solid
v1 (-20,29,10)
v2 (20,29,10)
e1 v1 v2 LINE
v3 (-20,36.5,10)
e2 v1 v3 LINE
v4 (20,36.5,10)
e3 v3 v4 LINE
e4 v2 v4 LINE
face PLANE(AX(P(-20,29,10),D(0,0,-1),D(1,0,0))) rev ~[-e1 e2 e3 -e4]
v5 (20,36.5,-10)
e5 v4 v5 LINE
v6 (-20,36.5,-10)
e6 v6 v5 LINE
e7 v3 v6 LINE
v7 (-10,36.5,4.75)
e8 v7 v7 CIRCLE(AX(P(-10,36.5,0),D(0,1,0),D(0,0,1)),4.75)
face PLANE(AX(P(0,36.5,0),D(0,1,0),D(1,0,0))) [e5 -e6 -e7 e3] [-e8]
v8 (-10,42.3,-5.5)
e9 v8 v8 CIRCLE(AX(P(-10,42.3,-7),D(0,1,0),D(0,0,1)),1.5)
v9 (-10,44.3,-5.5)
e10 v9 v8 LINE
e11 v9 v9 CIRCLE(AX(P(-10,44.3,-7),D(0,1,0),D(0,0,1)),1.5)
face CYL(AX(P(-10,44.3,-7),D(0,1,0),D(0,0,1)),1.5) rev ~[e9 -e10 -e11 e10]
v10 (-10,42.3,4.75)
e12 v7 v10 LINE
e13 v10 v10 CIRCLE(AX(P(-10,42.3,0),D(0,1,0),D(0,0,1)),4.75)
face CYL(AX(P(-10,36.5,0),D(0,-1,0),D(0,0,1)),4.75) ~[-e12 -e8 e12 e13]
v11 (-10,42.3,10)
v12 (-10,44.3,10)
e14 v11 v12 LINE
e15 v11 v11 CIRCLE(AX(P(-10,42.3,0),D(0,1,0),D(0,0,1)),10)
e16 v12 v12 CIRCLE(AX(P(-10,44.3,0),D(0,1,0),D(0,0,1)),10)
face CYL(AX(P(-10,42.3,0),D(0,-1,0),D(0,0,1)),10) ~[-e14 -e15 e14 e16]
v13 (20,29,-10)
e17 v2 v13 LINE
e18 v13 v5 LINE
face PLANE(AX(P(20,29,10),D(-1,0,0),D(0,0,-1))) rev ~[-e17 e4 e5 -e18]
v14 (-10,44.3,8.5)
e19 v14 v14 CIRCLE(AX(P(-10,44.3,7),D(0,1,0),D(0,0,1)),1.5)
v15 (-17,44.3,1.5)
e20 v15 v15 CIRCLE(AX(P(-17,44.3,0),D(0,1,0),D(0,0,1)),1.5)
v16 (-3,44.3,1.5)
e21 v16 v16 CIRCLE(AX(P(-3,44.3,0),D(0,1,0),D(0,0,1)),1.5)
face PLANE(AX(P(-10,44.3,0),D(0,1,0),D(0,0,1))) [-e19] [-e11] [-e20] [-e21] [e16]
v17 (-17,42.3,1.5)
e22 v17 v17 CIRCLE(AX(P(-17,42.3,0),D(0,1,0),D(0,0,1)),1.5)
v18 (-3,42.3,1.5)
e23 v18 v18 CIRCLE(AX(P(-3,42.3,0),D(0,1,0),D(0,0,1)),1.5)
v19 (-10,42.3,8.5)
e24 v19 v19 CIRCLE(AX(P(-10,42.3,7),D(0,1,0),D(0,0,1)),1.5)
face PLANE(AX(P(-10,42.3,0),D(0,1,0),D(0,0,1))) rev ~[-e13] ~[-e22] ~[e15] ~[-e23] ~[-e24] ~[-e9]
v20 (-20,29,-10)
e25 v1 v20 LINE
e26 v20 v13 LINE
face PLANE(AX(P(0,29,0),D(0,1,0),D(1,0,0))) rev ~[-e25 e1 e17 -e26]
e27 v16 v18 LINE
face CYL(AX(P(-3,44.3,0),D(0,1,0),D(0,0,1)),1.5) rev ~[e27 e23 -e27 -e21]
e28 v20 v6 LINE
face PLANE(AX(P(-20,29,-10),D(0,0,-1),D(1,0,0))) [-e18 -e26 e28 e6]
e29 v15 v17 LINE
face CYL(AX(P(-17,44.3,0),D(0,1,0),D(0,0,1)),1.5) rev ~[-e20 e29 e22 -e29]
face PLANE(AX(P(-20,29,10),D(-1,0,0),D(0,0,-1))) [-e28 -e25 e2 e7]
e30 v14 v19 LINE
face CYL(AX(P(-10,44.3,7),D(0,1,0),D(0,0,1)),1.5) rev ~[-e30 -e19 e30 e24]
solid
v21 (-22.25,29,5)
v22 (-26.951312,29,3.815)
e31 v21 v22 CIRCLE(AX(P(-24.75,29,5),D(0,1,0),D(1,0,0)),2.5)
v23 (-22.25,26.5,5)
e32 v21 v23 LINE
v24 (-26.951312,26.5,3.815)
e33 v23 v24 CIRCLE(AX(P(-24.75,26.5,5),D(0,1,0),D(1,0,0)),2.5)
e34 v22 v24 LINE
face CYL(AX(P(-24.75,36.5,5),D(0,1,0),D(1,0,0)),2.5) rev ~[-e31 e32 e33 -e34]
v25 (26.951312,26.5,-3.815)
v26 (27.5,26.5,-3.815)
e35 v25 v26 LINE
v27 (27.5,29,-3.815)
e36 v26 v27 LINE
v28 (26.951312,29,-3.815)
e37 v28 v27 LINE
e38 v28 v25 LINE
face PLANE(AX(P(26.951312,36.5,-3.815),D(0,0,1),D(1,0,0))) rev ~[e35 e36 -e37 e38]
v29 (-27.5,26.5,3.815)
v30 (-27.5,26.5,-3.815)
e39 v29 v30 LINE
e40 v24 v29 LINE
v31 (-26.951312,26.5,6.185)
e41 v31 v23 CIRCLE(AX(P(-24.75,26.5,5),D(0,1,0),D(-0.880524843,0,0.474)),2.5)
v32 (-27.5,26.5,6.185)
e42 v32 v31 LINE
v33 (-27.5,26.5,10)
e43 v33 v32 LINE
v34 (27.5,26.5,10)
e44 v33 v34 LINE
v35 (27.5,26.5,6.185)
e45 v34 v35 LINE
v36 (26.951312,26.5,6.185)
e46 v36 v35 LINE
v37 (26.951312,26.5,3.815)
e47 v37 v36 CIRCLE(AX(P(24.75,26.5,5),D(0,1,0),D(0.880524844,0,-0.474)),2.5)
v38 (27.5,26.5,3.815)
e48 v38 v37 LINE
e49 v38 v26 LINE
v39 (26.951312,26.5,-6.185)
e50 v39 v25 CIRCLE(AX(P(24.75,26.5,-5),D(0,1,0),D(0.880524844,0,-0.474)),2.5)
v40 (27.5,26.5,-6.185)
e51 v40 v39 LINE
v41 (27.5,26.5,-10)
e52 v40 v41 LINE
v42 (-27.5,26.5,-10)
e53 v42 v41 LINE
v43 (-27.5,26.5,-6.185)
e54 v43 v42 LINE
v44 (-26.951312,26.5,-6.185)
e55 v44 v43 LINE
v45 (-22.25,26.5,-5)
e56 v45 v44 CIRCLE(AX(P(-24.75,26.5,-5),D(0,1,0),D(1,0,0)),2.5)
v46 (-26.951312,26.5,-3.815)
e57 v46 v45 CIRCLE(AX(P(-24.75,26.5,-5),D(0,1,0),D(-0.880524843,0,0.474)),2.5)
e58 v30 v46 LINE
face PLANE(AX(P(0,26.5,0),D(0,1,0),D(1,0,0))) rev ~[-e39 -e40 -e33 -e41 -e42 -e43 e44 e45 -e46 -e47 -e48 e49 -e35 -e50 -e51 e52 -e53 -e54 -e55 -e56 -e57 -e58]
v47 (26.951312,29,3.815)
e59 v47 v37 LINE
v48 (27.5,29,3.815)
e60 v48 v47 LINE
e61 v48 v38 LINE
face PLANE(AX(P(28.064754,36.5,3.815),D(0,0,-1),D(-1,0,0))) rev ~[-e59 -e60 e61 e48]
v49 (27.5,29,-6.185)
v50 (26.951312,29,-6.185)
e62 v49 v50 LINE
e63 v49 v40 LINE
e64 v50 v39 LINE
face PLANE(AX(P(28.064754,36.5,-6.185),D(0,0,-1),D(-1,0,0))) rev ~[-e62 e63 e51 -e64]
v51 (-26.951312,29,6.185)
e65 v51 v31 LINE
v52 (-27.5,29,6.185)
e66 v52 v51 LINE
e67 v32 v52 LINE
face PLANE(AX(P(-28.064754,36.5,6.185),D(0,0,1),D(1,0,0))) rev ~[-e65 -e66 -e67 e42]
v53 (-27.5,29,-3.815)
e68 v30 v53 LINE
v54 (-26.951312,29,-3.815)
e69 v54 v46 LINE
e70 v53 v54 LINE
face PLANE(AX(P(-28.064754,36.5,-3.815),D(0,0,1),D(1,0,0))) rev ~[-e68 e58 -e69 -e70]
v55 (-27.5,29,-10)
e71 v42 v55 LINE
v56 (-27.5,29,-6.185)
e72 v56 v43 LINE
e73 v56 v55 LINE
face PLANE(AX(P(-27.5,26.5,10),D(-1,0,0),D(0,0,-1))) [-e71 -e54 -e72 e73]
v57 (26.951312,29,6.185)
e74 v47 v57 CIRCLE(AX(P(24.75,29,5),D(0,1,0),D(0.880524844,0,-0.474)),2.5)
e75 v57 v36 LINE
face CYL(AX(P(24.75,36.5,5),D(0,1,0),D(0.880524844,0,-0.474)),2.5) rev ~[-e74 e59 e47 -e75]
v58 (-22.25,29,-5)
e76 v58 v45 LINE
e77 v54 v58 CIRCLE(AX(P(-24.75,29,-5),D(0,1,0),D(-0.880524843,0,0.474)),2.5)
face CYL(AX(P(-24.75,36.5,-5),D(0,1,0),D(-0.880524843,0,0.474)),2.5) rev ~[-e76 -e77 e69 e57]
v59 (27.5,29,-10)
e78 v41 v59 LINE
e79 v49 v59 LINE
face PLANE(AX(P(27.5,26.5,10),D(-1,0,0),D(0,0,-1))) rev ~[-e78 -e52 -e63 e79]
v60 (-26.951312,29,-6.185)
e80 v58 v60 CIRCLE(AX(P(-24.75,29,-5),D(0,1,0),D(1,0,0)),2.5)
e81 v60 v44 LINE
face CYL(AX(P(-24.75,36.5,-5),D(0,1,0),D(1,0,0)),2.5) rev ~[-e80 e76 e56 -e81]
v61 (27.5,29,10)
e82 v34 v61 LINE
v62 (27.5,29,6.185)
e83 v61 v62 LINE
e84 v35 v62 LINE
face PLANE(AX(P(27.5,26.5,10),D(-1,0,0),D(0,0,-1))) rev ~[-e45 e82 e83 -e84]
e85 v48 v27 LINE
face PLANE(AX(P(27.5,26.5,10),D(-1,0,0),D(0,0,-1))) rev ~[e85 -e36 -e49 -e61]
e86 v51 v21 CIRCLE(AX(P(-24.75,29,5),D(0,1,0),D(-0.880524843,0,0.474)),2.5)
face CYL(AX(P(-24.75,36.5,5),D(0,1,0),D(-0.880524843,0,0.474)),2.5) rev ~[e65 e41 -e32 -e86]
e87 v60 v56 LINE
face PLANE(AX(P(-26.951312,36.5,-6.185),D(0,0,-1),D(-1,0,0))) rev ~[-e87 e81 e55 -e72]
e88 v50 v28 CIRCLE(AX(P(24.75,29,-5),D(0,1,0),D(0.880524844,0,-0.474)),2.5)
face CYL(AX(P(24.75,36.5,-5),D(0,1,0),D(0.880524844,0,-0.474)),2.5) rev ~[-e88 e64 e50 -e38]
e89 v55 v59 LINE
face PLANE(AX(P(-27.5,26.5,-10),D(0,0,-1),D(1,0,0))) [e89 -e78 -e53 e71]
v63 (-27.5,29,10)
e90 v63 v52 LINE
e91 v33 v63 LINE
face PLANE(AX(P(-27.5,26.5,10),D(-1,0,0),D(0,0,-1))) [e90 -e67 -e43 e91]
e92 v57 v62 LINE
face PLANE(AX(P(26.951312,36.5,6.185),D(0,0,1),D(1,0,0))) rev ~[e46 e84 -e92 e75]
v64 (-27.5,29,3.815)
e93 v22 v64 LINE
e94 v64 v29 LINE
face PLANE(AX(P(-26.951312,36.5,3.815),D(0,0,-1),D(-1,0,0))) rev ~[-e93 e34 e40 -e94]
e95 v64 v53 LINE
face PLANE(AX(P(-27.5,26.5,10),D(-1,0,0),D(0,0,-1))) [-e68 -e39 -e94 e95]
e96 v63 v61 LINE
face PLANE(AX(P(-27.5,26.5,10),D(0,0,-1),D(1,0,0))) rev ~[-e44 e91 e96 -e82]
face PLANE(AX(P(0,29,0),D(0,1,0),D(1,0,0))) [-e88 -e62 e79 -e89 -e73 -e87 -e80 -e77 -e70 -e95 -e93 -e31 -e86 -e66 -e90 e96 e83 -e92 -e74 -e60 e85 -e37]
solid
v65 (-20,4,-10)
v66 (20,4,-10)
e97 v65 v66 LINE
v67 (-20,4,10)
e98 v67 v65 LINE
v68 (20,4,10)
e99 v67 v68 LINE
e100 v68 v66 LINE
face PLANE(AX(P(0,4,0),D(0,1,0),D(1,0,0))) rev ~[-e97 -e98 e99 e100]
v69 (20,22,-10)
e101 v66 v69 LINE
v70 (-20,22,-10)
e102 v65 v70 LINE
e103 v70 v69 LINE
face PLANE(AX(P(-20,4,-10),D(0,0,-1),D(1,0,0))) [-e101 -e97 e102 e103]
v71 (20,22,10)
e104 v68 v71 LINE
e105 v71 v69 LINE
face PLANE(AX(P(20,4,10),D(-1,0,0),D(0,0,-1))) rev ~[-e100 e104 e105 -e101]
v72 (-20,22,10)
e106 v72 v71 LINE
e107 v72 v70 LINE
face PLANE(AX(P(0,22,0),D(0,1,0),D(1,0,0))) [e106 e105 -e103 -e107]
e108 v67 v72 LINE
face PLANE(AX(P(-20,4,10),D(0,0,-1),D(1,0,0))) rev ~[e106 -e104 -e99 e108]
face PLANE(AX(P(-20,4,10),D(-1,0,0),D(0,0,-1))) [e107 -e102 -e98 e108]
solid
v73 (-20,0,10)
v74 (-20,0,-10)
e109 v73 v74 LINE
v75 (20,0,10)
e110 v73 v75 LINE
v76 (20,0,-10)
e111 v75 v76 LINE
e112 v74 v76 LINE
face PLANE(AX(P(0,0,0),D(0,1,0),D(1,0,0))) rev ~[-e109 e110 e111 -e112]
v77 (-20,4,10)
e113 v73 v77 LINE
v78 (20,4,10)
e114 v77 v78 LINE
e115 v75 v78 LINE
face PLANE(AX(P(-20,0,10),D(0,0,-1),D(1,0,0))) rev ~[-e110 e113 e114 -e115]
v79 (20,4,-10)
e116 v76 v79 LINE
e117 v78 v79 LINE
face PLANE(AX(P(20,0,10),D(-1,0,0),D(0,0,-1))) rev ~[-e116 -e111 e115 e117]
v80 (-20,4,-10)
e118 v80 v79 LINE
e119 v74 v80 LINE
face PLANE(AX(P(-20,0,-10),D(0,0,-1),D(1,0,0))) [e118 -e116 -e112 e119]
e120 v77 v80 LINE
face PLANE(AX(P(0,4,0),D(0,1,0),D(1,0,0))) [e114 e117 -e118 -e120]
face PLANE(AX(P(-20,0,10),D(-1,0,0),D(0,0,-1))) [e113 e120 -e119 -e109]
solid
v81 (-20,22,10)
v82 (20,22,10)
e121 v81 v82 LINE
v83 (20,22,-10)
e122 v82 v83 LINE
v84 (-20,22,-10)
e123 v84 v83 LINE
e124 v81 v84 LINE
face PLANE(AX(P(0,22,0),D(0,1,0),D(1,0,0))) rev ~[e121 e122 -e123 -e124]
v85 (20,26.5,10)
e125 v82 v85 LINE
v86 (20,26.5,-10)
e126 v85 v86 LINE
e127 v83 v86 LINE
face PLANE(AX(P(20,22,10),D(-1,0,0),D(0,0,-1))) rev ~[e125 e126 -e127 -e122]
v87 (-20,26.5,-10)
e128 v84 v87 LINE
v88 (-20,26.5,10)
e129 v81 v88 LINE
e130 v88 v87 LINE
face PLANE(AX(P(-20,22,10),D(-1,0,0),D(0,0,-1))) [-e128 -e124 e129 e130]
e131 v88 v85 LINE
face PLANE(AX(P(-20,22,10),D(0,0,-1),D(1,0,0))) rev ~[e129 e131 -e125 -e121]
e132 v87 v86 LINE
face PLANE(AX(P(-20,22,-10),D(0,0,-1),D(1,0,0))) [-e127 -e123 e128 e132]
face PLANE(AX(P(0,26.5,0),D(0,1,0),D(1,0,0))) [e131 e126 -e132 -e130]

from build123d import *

# Parameters (mm, degrees)
SKETCH_1_W          = 40
SKETCH_1_H          = 20
EXTRUDE_1_DEPTH     = 4
SKETCH_2_W          = 40
SKETCH_2_H          = 20
EXTRUDE_2_DEPTH     = 18
SKETCH_3_W          = 40
SKETCH_3_H          = 20
EXTRUDE_3_DEPTH     = 4.5
SKETCH_4_W          = 55
SKETCH_4_H          = 20
EXTRUDE_4_DEPTH     = 2.5
SKETCH_5_W          = 40
SKETCH_5_H          = 20
EXTRUDE_5_DEPTH     = 7.5
CUT_EXTRUDE_2_DEPTH = 47.781406563
SKETCH_7_R          = 4.75
EXTRUDE_6_DEPTH     = 5.8
SKETCH_9_R          = 10
EXTRUDE_7_DEPTH     = 2
SKETCH_10_R         = 2.75
EXTRUDE_8_DEPTH     = 2.5
SKETCH_11_R         = 1.5
CUT_EXTRUDE_3_DEPTH = 2.8
CUT_EXTRUDE_4_DEPTH = 1
SKETCH_13_R         = 2.75
CUT_EXTRUDE_5_DEPTH = 2.5


with BuildPart() as part:
    # 草图1 → 凸台-拉伸1 (new body)
    with BuildSketch(Plane(origin=(0, 0, 0), x_dir=(1, 0, 0), z_dir=(0, 1, 0))):
        Rectangle(SKETCH_1_W, SKETCH_1_H)
    extrude(amount=EXTRUDE_1_DEPTH)


with BuildPart() as body_2:
    # 草图2 → 凸台-拉伸2 (new body)
    with BuildSketch(Plane(origin=(0, 4, 0), x_dir=(1, 0, 0), z_dir=(0, 1, 0))):
        Rectangle(SKETCH_2_W, SKETCH_2_H)
    extrude(amount=EXTRUDE_2_DEPTH)


with BuildPart() as body_3:
    # 草图3 → 凸台-拉伸3 (new body)
    with BuildSketch(Plane(origin=(0, 22, 0), x_dir=(1, 0, 0), z_dir=(0, 1, 0))):
        Rectangle(SKETCH_3_W, SKETCH_3_H)
    extrude(amount=EXTRUDE_3_DEPTH)


with BuildPart() as body_4:
    # 草图4 → 凸台-拉伸4 (new body)
    with BuildSketch(Plane(origin=(0, 26.5, 0), x_dir=(1, 0, 0), z_dir=(0, 1, 0))):
        Rectangle(SKETCH_4_W, SKETCH_4_H)
    extrude(amount=EXTRUDE_4_DEPTH)

    # 草图6 → 切除-拉伸2 (cut, through all)
    with BuildSketch(Plane(origin=(0, 36.5, 0), x_dir=(1, 0, 0), z_dir=(0, 1, 0))):
        with BuildLine():
            ThreePointArc((-22.25, 5), (-24.138968197, 7.424178239), (-26.951312109, 6.185))
            Line((-26.951312109, 6.185), (-24.064754398, 6.185))
            Line((-24.064754398, 6.185), (-24.064754398, 3.815))
            Line((-24.064754398, 3.815), (-26.951312109, 3.815))
            ThreePointArc((-26.951312109, 3.815), (-24.138968197, 2.575821761), (-22.25, 5))
        make_face()
        with BuildLine():
            Line((-24.064754398, 6.185), (-26.951312109, 6.185))
            ThreePointArc((-26.951312109, 6.185), (-27.25, 5), (-26.951312109, 3.815))
            Line((-26.951312109, 3.815), (-24.064754398, 3.815))
            Line((-24.064754398, 3.815), (-24.064754398, 6.185))
        make_face()
        with BuildLine():
            Line((-26.951312109, 6.185), (-28.064754398, 6.185))
            Line((-28.064754398, 6.185), (-28.064754398, 3.815))
            Line((-28.064754398, 3.815), (-26.951312109, 3.815))
            ThreePointArc((-26.951312109, 3.815), (-27.25, 5), (-26.951312109, 6.185))
        make_face()
        with BuildLine():
            ThreePointArc((-22.25, -5), (-24.138968197, -2.575821761), (-26.951312109, -3.815))
            Line((-26.951312109, -3.815), (-24.064754398, -3.815))
            Line((-24.064754398, -3.815), (-24.064754398, -6.185))
            Line((-24.064754398, -6.185), (-26.951312109, -6.185))
            ThreePointArc((-26.951312109, -6.185), (-24.138968197, -7.424178239), (-22.25, -5))
        make_face()
        with BuildLine():
            Line((-24.064754398, -3.815), (-26.951312109, -3.815))
            ThreePointArc((-26.951312109, -3.815), (-27.25, -5), (-26.951312109, -6.185))
            Line((-26.951312109, -6.185), (-24.064754398, -6.185))
            Line((-24.064754398, -6.185), (-24.064754398, -3.815))
        make_face()
        with BuildLine():
            Line((-26.951312109, -3.815), (-28.064754398, -3.815))
            Line((-28.064754398, -3.815), (-28.064754398, -6.185))
            Line((-28.064754398, -6.185), (-26.951312109, -6.185))
            ThreePointArc((-26.951312109, -6.185), (-27.25, -5), (-26.951312109, -3.815))
        make_face()
        with BuildLine():
            ThreePointArc((26.951312109, 6.185), (22.25, 5), (26.951312109, 3.815))
            Line((26.951312109, 3.815), (24.064754398, 3.815))
            Line((24.064754398, 3.815), (24.064754398, 6.185))
            Line((24.064754398, 6.185), (26.951312109, 6.185))
        make_face()
        with BuildLine():
            Line((24.064754398, 3.815), (26.951312109, 3.815))
            ThreePointArc((26.951312109, 3.815), (27.174178239, 4.388968197), (27.25, 5))
            ThreePointArc((27.25, 5), (27.174178239, 5.611031803), (26.951312109, 6.185))
            Line((26.951312109, 6.185), (24.064754398, 6.185))
            Line((24.064754398, 6.185), (24.064754398, 3.815))
        make_face()
        with BuildLine():
            Line((26.951312109, 3.815), (28.064754398, 3.815))
            Line((28.064754398, 3.815), (28.064754398, 6.185))
            Line((28.064754398, 6.185), (26.951312109, 6.185))
            ThreePointArc((26.951312109, 6.185), (27.174178239, 5.611031803), (27.25, 5))
            ThreePointArc((27.25, 5), (27.174178239, 4.388968197), (26.951312109, 3.815))
        make_face()
        with BuildLine():
            ThreePointArc((26.951312109, -3.815), (22.25, -5), (26.951312109, -6.185))
            Line((26.951312109, -6.185), (24.064754398, -6.185))
            Line((24.064754398, -6.185), (24.064754398, -3.815))
            Line((24.064754398, -3.815), (26.951312109, -3.815))
        make_face()
        with BuildLine():
            Line((24.064754398, -6.185), (26.951312109, -6.185))
            ThreePointArc((26.951312109, -6.185), (27.174178239, -5.611031803), (27.25, -5))
            ThreePointArc((27.25, -5), (27.174178239, -4.388968197), (26.951312109, -3.815))
            Line((26.951312109, -3.815), (24.064754398, -3.815))
            Line((24.064754398, -3.815), (24.064754398, -6.185))
        make_face()
        with BuildLine():
            Line((26.951312109, -6.185), (28.064754398, -6.185))
            Line((28.064754398, -6.185), (28.064754398, -3.815))
            Line((28.064754398, -3.815), (26.951312109, -3.815))
            ThreePointArc((26.951312109, -3.815), (27.174178239, -4.388968197), (27.25, -5))
            ThreePointArc((27.25, -5), (27.174178239, -5.611031803), (26.951312109, -6.185))
        make_face()
    extrude(amount=-CUT_EXTRUDE_2_DEPTH, mode=Mode.SUBTRACT)


with BuildPart() as body_5:
    # 草图5 → 凸台-拉伸5 (new body)
    with BuildSketch(Plane(origin=(0, 29, 0), x_dir=(1, 0, 0), z_dir=(0, 1, 0))):
        Rectangle(SKETCH_5_W, SKETCH_5_H)
    extrude(amount=EXTRUDE_5_DEPTH)

    # 草图7 → 凸台-拉伸6 (add)
    with BuildSketch(Plane(origin=(0, 36.5, 0), x_dir=(1, 0, 0), z_dir=(0, 1, 0))):
        with Locations(Location((-10, 0, 0), (0, 0, 270))):
            Circle(SKETCH_7_R)
    extrude(amount=EXTRUDE_6_DEPTH)

    # 草图9 → 凸台-拉伸7 (add)
    with BuildSketch(Plane(origin=(0, 42.3, 0), x_dir=(1, 0, 0), z_dir=(0, 1, 0))):
        with Locations(Location((-10, 0, 0), (0, 0, 270))):
            Circle(SKETCH_9_R)
    extrude(amount=EXTRUDE_7_DEPTH)

    # 草图10 → 凸台-拉伸8 (add)
    with BuildSketch(Plane(origin=(0, 44.3, 0), x_dir=(1, 0, 0), z_dir=(0, 1, 0))):
        with Locations(Location((-10, 0, 0), (0, 0, 270))):
            Circle(SKETCH_10_R)
    extrude(amount=EXTRUDE_8_DEPTH)

    # 草图11 → 切除-拉伸3 (cut)
    with BuildSketch(Plane(origin=(0, 44.3, 0), x_dir=(1, 0, 0), z_dir=(0, 1, 0))):
        with Locations(Location((-10, 7, 0), (0, 0, 270))):
            Circle(SKETCH_11_R)
        with Locations(Location((-17, 0, 0), (0, 0, 270))):
            Circle(SKETCH_11_R)
        with Locations(Location((-10, -7, 0), (0, 0, 270))):
            Circle(SKETCH_11_R)
        with Locations(Location((-3, 0, 0), (0, 0, 270))):
            Circle(SKETCH_11_R)
    extrude(amount=-CUT_EXTRUDE_3_DEPTH, mode=Mode.SUBTRACT)

    # 草图12 → 切除-拉伸4 (cut)
    with BuildSketch(Plane(origin=(0, 46.8, 0), x_dir=(1, 0, 0), z_dir=(0, 1, 0))):
        Polygon((-9.251607711, -1.234197033), (-8.556957872, 0.031028218), (-9.305350161, 1.26522525), (-10.748392289, 1.234197033), (-11.443042128, -0.031028218), (-10.694649839, -1.26522525), align=None)
    extrude(amount=-CUT_EXTRUDE_4_DEPTH, mode=Mode.SUBTRACT)

    # 草图13 → 切除-拉伸5 (cut)
    with BuildSketch(Plane(origin=(0, 46.8, 0), x_dir=(1, 0, 0), z_dir=(0, 1, 0))):
        with Locations((-10, 0)):
            Circle(SKETCH_13_R)
    extrude(amount=-CUT_EXTRUDE_5_DEPTH, mode=Mode.SUBTRACT)


solid = Compound([part.part, body_2.part, body_3.part, body_4.part, body_5.part])
